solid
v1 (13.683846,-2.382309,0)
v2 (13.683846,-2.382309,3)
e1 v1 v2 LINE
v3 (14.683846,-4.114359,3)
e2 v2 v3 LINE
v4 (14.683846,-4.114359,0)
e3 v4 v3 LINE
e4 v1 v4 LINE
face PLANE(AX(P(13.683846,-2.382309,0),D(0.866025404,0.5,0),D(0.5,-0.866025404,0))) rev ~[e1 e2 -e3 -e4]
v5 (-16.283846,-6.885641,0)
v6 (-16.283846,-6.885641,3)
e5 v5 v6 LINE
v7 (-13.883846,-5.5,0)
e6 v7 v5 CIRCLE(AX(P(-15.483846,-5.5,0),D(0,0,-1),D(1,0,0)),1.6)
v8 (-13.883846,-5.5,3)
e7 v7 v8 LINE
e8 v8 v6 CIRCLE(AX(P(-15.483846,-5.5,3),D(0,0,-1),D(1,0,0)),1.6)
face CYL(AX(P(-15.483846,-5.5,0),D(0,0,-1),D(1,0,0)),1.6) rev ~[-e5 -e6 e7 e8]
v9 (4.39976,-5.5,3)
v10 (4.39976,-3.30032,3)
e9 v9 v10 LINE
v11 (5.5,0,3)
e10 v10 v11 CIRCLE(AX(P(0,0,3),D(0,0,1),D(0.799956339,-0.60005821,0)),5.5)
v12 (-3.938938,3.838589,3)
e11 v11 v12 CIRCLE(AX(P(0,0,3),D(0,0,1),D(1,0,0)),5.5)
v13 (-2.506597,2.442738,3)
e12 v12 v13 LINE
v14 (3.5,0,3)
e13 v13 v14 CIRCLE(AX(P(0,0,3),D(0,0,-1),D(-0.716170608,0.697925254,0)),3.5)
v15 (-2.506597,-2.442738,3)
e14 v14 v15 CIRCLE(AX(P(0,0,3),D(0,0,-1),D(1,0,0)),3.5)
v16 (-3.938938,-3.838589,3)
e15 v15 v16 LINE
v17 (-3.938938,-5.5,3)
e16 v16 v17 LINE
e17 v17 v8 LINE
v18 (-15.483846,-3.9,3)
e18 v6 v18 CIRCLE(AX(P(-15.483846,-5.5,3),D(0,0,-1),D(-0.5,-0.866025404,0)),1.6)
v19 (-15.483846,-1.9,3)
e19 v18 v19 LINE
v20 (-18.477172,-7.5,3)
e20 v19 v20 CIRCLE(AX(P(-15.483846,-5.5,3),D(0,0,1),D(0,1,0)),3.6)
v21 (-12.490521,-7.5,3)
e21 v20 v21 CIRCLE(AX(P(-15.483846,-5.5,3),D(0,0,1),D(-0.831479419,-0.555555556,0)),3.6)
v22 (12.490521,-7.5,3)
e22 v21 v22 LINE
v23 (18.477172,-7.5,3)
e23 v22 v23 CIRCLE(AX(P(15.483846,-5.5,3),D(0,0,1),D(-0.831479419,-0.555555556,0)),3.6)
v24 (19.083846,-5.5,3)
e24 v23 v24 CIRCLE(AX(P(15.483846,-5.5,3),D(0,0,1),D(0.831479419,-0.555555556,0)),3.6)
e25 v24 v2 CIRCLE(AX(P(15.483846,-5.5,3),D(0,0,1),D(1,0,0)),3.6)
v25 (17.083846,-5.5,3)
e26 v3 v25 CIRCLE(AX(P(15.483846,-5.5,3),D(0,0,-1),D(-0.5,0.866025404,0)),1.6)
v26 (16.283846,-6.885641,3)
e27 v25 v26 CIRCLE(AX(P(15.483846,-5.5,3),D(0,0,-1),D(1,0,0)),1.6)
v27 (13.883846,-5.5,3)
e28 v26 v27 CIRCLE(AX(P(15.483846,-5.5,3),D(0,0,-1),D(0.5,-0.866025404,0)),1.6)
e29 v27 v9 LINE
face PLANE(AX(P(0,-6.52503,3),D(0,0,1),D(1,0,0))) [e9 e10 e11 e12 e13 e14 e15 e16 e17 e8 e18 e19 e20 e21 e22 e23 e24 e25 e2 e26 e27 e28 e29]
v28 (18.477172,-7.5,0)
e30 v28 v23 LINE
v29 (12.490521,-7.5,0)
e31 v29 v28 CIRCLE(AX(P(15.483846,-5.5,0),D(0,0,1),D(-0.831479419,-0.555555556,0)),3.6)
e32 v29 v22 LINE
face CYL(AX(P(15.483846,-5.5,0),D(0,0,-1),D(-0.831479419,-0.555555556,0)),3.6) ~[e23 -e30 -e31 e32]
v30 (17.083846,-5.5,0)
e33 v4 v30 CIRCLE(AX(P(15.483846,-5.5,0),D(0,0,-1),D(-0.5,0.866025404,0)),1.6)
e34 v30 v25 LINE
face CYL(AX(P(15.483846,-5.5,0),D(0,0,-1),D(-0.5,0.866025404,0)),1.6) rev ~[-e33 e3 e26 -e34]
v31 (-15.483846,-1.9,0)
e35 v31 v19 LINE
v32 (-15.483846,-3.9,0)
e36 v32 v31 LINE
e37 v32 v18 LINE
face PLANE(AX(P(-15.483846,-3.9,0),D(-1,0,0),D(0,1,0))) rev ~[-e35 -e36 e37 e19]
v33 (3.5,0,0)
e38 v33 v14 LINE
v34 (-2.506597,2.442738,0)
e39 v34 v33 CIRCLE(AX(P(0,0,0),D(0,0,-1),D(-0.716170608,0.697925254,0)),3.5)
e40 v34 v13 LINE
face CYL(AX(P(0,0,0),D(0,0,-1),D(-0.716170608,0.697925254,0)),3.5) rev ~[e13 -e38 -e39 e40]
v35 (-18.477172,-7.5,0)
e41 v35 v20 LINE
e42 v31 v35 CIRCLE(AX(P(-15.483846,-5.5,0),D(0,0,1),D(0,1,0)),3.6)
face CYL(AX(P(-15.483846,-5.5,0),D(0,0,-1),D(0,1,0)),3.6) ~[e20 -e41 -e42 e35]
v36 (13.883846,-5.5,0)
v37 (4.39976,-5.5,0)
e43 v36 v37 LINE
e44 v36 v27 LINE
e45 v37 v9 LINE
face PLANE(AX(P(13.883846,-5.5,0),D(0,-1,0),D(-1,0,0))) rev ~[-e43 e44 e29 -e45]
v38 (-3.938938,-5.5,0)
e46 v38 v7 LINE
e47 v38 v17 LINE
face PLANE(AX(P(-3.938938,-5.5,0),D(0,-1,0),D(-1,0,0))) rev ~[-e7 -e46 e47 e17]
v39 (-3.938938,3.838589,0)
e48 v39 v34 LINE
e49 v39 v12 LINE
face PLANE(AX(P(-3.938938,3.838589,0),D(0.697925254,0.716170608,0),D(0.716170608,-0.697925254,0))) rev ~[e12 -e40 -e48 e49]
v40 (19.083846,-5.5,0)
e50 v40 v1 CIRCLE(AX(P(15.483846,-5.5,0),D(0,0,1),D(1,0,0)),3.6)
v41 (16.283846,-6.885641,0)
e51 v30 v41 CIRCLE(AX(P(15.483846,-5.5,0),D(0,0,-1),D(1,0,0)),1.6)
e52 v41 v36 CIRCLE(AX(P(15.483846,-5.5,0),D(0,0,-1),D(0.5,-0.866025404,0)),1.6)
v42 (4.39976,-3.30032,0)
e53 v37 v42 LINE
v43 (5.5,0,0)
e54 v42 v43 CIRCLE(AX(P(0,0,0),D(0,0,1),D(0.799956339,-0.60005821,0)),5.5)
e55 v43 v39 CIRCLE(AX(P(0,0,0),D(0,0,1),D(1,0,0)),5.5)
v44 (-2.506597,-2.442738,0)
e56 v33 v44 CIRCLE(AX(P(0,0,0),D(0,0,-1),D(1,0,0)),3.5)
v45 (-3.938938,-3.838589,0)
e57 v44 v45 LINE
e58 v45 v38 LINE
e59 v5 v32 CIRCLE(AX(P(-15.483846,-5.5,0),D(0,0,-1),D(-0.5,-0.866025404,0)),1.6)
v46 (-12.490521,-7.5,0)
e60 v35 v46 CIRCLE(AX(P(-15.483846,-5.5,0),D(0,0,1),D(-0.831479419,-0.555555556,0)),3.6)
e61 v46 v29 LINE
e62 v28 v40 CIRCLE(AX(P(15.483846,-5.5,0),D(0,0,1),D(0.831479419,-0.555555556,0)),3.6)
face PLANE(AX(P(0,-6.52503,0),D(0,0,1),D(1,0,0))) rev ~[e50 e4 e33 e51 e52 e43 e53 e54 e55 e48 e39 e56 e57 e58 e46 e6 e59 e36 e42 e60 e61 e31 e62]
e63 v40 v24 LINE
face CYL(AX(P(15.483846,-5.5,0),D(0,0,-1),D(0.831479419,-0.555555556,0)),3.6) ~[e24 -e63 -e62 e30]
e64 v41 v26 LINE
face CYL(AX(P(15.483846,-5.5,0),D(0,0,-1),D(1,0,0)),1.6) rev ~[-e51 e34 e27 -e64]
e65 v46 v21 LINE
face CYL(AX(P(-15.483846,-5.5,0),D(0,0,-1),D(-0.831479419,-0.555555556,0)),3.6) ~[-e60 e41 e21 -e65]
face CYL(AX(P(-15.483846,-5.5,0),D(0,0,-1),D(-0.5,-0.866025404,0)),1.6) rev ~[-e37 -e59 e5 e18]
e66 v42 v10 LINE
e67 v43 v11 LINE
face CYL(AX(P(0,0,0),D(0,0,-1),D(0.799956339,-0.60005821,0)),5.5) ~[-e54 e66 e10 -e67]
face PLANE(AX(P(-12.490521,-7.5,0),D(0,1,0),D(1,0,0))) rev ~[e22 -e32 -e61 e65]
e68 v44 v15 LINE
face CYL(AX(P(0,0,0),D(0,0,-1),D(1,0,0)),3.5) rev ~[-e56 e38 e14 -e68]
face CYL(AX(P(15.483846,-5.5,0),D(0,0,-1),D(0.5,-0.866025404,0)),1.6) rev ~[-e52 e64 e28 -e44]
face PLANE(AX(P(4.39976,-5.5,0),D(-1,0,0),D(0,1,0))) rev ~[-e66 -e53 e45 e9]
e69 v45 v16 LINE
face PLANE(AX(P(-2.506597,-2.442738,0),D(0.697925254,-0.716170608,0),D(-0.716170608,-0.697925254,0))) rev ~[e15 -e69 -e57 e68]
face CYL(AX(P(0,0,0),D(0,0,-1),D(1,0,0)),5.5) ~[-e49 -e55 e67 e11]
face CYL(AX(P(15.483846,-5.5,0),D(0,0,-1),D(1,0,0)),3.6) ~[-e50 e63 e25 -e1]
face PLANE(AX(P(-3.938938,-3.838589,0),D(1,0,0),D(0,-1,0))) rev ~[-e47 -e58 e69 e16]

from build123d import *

# Parameters (mm, degrees)
F1_DEPTH = 3


with BuildPart() as f1:
    # F0 (on Top) → F1 (new body)
    with BuildSketch(Plane.XY):
        with BuildLine():
            Line((4.3997598665, -5.5), (0, -5.5))
            Line((0, -5.5), (-3.9389383459, -5.5))
            Line((-3.9389383459, -5.5), (-11.8838464236, -5.5))
            ThreePointArc((-11.8838464236, -5.5), (-12.0388519916, -6.5449944321), (-12.4905205142, -7.5))
            Line((-12.4905205142, -7.5), (12.4905205142, -7.5))
            ThreePointArc((12.4905205142, -7.5), (12.0388519916, -6.5449944321), (11.8838464236, -5.5))
            Line((11.8838464236, -5.5), (4.3997598665, -5.5))
        make_face()
        with BuildLine():
            ThreePointArc((-12.4905205142, -7.5), (-12.0388519916, -6.5449944321), (-11.8838464236, -5.5))
            Line((-11.8838464236, -5.5), (-13.8838464236, -5.5))
            ThreePointArc((-13.8838464236, -5.5), (-14.6838464236, -6.8856406461), (-16.2838464236, -6.8856406461))
            Line((-16.2838464236, -6.8856406461), (-16.638546962, -7.5))
            Line((-16.638546962, -7.5), (-12.4905205142, -7.5))
        make_face()
        with BuildLine():
            Line((-16.638546962, -7.5), (-16.2838464236, -6.8856406461))
            ThreePointArc((-16.2838464236, -6.8856406461), (-17.0293277457, -5.0858895278), (-15.4838464236, -3.9))
            Line((-15.4838464236, -3.9), (-15.4838464236, -1.9))
            ThreePointArc((-15.4838464236, -1.9), (-18.6587479969, -3.8029437252), (-18.4771723331, -7.5))
            Line((-18.4771723331, -7.5), (-16.638546962, -7.5))
        make_face()
        with BuildLine():
            Line((13.8838464236, -5.5), (11.8838464236, -5.5))
            ThreePointArc((11.8838464236, -5.5), (12.0388519916, -6.5449944321), (12.4905205142, -7.5))
            Line((12.4905205142, -7.5), (16.638546962, -7.5))
            Line((16.638546962, -7.5), (16.2838464236, -6.8856406461))
            ThreePointArc((16.2838464236, -6.8856406461), (14.6838464236, -6.8856406461), (13.8838464236, -5.5))
        make_face()
        with BuildLine():
            ThreePointArc((19.0838464236, -5.5), (17.2838464236, -2.3823085464), (13.6838464236, -2.3823085464))
            Line((13.6838464236, -2.3823085464), (14.6838464236, -4.1143593539))
            ThreePointArc((14.6838464236, -4.1143593539), (16.2838464236, -4.1143593539), (17.0838464236, -5.5))
            ThreePointArc((17.0838464236, -5.5), (16.8694870697, -6.3), (16.2838464236, -6.8856406461))
            Line((16.2838464236, -6.8856406461), (16.638546962, -7.5))
            Line((16.638546962, -7.5), (18.4771723331, -7.5))
            ThreePointArc((18.4771723331, -7.5), (18.9288408557, -6.5449944321), (19.0838464236, -5.5))
        make_face()
        with BuildLine():
            ThreePointArc((-2.5065971292, 2.4427383879), (1.3185048441, 3.2421512883), (3.5, 0))
            ThreePointArc((3.5, 0), (1.3185048441, -3.2421512883), (-2.5065971292, -2.4427383879))
            Line((-2.5065971292, -2.4427383879), (-3.9389383459, -3.8385888953))
            ThreePointArc((-3.9389383459, -3.8385888953), (-2.1374939855, -5.0676542366), (0, -5.5))
            ThreePointArc((0, -5.5), (2.4594957974, -4.9194390354), (4.3997598665, -3.3003201537))
            ThreePointArc((4.3997598665, -3.3003201537), (5.2176948582, -1.7394425449), (5.5, 0))
            ThreePointArc((5.5, 0), (2.0719361836, 5.0948091673), (-3.9389383459, 3.8385888953))
            Line((-3.9389383459, 3.8385888953), (-2.5065971292, 2.4427383879))
        make_face()
        with BuildLine():
            ThreePointArc((0, -5.5), (-2.1374939855, -5.0676542366), (-3.9389383459, -3.8385888953))
            Line((-3.9389383459, -3.8385888953), (-3.9389383459, -5.5))
            Line((-3.9389383459, -5.5), (0, -5.5))
        make_face()
        with BuildLine():
            ThreePointArc((4.3997598665, -3.3003201537), (2.4594957974, -4.9194390354), (0, -5.5))
            Line((0, -5.5), (4.3997598665, -5.5))
            Line((4.3997598665, -5.5), (4.3997598665, -3.3003201537))
        make_face()
        with BuildLine():
            Line((16.638546962, -7.5), (12.4905205142, -7.5))
            ThreePointArc((12.4905205142, -7.5), (15.4838464236, -9.1), (18.4771723331, -7.5))
            Line((18.4771723331, -7.5), (16.638546962, -7.5))
        make_face()
        with BuildLine():
            ThreePointArc((-18.4771723331, -7.5), (-15.4838464236, -9.1), (-12.4905205142, -7.5))
            Line((-12.4905205142, -7.5), (-16.638546962, -7.5))
            Line((-16.638546962, -7.5), (-18.4771723331, -7.5))
        make_face()
    extrude(amount=F1_DEPTH)


solid = f1.part
